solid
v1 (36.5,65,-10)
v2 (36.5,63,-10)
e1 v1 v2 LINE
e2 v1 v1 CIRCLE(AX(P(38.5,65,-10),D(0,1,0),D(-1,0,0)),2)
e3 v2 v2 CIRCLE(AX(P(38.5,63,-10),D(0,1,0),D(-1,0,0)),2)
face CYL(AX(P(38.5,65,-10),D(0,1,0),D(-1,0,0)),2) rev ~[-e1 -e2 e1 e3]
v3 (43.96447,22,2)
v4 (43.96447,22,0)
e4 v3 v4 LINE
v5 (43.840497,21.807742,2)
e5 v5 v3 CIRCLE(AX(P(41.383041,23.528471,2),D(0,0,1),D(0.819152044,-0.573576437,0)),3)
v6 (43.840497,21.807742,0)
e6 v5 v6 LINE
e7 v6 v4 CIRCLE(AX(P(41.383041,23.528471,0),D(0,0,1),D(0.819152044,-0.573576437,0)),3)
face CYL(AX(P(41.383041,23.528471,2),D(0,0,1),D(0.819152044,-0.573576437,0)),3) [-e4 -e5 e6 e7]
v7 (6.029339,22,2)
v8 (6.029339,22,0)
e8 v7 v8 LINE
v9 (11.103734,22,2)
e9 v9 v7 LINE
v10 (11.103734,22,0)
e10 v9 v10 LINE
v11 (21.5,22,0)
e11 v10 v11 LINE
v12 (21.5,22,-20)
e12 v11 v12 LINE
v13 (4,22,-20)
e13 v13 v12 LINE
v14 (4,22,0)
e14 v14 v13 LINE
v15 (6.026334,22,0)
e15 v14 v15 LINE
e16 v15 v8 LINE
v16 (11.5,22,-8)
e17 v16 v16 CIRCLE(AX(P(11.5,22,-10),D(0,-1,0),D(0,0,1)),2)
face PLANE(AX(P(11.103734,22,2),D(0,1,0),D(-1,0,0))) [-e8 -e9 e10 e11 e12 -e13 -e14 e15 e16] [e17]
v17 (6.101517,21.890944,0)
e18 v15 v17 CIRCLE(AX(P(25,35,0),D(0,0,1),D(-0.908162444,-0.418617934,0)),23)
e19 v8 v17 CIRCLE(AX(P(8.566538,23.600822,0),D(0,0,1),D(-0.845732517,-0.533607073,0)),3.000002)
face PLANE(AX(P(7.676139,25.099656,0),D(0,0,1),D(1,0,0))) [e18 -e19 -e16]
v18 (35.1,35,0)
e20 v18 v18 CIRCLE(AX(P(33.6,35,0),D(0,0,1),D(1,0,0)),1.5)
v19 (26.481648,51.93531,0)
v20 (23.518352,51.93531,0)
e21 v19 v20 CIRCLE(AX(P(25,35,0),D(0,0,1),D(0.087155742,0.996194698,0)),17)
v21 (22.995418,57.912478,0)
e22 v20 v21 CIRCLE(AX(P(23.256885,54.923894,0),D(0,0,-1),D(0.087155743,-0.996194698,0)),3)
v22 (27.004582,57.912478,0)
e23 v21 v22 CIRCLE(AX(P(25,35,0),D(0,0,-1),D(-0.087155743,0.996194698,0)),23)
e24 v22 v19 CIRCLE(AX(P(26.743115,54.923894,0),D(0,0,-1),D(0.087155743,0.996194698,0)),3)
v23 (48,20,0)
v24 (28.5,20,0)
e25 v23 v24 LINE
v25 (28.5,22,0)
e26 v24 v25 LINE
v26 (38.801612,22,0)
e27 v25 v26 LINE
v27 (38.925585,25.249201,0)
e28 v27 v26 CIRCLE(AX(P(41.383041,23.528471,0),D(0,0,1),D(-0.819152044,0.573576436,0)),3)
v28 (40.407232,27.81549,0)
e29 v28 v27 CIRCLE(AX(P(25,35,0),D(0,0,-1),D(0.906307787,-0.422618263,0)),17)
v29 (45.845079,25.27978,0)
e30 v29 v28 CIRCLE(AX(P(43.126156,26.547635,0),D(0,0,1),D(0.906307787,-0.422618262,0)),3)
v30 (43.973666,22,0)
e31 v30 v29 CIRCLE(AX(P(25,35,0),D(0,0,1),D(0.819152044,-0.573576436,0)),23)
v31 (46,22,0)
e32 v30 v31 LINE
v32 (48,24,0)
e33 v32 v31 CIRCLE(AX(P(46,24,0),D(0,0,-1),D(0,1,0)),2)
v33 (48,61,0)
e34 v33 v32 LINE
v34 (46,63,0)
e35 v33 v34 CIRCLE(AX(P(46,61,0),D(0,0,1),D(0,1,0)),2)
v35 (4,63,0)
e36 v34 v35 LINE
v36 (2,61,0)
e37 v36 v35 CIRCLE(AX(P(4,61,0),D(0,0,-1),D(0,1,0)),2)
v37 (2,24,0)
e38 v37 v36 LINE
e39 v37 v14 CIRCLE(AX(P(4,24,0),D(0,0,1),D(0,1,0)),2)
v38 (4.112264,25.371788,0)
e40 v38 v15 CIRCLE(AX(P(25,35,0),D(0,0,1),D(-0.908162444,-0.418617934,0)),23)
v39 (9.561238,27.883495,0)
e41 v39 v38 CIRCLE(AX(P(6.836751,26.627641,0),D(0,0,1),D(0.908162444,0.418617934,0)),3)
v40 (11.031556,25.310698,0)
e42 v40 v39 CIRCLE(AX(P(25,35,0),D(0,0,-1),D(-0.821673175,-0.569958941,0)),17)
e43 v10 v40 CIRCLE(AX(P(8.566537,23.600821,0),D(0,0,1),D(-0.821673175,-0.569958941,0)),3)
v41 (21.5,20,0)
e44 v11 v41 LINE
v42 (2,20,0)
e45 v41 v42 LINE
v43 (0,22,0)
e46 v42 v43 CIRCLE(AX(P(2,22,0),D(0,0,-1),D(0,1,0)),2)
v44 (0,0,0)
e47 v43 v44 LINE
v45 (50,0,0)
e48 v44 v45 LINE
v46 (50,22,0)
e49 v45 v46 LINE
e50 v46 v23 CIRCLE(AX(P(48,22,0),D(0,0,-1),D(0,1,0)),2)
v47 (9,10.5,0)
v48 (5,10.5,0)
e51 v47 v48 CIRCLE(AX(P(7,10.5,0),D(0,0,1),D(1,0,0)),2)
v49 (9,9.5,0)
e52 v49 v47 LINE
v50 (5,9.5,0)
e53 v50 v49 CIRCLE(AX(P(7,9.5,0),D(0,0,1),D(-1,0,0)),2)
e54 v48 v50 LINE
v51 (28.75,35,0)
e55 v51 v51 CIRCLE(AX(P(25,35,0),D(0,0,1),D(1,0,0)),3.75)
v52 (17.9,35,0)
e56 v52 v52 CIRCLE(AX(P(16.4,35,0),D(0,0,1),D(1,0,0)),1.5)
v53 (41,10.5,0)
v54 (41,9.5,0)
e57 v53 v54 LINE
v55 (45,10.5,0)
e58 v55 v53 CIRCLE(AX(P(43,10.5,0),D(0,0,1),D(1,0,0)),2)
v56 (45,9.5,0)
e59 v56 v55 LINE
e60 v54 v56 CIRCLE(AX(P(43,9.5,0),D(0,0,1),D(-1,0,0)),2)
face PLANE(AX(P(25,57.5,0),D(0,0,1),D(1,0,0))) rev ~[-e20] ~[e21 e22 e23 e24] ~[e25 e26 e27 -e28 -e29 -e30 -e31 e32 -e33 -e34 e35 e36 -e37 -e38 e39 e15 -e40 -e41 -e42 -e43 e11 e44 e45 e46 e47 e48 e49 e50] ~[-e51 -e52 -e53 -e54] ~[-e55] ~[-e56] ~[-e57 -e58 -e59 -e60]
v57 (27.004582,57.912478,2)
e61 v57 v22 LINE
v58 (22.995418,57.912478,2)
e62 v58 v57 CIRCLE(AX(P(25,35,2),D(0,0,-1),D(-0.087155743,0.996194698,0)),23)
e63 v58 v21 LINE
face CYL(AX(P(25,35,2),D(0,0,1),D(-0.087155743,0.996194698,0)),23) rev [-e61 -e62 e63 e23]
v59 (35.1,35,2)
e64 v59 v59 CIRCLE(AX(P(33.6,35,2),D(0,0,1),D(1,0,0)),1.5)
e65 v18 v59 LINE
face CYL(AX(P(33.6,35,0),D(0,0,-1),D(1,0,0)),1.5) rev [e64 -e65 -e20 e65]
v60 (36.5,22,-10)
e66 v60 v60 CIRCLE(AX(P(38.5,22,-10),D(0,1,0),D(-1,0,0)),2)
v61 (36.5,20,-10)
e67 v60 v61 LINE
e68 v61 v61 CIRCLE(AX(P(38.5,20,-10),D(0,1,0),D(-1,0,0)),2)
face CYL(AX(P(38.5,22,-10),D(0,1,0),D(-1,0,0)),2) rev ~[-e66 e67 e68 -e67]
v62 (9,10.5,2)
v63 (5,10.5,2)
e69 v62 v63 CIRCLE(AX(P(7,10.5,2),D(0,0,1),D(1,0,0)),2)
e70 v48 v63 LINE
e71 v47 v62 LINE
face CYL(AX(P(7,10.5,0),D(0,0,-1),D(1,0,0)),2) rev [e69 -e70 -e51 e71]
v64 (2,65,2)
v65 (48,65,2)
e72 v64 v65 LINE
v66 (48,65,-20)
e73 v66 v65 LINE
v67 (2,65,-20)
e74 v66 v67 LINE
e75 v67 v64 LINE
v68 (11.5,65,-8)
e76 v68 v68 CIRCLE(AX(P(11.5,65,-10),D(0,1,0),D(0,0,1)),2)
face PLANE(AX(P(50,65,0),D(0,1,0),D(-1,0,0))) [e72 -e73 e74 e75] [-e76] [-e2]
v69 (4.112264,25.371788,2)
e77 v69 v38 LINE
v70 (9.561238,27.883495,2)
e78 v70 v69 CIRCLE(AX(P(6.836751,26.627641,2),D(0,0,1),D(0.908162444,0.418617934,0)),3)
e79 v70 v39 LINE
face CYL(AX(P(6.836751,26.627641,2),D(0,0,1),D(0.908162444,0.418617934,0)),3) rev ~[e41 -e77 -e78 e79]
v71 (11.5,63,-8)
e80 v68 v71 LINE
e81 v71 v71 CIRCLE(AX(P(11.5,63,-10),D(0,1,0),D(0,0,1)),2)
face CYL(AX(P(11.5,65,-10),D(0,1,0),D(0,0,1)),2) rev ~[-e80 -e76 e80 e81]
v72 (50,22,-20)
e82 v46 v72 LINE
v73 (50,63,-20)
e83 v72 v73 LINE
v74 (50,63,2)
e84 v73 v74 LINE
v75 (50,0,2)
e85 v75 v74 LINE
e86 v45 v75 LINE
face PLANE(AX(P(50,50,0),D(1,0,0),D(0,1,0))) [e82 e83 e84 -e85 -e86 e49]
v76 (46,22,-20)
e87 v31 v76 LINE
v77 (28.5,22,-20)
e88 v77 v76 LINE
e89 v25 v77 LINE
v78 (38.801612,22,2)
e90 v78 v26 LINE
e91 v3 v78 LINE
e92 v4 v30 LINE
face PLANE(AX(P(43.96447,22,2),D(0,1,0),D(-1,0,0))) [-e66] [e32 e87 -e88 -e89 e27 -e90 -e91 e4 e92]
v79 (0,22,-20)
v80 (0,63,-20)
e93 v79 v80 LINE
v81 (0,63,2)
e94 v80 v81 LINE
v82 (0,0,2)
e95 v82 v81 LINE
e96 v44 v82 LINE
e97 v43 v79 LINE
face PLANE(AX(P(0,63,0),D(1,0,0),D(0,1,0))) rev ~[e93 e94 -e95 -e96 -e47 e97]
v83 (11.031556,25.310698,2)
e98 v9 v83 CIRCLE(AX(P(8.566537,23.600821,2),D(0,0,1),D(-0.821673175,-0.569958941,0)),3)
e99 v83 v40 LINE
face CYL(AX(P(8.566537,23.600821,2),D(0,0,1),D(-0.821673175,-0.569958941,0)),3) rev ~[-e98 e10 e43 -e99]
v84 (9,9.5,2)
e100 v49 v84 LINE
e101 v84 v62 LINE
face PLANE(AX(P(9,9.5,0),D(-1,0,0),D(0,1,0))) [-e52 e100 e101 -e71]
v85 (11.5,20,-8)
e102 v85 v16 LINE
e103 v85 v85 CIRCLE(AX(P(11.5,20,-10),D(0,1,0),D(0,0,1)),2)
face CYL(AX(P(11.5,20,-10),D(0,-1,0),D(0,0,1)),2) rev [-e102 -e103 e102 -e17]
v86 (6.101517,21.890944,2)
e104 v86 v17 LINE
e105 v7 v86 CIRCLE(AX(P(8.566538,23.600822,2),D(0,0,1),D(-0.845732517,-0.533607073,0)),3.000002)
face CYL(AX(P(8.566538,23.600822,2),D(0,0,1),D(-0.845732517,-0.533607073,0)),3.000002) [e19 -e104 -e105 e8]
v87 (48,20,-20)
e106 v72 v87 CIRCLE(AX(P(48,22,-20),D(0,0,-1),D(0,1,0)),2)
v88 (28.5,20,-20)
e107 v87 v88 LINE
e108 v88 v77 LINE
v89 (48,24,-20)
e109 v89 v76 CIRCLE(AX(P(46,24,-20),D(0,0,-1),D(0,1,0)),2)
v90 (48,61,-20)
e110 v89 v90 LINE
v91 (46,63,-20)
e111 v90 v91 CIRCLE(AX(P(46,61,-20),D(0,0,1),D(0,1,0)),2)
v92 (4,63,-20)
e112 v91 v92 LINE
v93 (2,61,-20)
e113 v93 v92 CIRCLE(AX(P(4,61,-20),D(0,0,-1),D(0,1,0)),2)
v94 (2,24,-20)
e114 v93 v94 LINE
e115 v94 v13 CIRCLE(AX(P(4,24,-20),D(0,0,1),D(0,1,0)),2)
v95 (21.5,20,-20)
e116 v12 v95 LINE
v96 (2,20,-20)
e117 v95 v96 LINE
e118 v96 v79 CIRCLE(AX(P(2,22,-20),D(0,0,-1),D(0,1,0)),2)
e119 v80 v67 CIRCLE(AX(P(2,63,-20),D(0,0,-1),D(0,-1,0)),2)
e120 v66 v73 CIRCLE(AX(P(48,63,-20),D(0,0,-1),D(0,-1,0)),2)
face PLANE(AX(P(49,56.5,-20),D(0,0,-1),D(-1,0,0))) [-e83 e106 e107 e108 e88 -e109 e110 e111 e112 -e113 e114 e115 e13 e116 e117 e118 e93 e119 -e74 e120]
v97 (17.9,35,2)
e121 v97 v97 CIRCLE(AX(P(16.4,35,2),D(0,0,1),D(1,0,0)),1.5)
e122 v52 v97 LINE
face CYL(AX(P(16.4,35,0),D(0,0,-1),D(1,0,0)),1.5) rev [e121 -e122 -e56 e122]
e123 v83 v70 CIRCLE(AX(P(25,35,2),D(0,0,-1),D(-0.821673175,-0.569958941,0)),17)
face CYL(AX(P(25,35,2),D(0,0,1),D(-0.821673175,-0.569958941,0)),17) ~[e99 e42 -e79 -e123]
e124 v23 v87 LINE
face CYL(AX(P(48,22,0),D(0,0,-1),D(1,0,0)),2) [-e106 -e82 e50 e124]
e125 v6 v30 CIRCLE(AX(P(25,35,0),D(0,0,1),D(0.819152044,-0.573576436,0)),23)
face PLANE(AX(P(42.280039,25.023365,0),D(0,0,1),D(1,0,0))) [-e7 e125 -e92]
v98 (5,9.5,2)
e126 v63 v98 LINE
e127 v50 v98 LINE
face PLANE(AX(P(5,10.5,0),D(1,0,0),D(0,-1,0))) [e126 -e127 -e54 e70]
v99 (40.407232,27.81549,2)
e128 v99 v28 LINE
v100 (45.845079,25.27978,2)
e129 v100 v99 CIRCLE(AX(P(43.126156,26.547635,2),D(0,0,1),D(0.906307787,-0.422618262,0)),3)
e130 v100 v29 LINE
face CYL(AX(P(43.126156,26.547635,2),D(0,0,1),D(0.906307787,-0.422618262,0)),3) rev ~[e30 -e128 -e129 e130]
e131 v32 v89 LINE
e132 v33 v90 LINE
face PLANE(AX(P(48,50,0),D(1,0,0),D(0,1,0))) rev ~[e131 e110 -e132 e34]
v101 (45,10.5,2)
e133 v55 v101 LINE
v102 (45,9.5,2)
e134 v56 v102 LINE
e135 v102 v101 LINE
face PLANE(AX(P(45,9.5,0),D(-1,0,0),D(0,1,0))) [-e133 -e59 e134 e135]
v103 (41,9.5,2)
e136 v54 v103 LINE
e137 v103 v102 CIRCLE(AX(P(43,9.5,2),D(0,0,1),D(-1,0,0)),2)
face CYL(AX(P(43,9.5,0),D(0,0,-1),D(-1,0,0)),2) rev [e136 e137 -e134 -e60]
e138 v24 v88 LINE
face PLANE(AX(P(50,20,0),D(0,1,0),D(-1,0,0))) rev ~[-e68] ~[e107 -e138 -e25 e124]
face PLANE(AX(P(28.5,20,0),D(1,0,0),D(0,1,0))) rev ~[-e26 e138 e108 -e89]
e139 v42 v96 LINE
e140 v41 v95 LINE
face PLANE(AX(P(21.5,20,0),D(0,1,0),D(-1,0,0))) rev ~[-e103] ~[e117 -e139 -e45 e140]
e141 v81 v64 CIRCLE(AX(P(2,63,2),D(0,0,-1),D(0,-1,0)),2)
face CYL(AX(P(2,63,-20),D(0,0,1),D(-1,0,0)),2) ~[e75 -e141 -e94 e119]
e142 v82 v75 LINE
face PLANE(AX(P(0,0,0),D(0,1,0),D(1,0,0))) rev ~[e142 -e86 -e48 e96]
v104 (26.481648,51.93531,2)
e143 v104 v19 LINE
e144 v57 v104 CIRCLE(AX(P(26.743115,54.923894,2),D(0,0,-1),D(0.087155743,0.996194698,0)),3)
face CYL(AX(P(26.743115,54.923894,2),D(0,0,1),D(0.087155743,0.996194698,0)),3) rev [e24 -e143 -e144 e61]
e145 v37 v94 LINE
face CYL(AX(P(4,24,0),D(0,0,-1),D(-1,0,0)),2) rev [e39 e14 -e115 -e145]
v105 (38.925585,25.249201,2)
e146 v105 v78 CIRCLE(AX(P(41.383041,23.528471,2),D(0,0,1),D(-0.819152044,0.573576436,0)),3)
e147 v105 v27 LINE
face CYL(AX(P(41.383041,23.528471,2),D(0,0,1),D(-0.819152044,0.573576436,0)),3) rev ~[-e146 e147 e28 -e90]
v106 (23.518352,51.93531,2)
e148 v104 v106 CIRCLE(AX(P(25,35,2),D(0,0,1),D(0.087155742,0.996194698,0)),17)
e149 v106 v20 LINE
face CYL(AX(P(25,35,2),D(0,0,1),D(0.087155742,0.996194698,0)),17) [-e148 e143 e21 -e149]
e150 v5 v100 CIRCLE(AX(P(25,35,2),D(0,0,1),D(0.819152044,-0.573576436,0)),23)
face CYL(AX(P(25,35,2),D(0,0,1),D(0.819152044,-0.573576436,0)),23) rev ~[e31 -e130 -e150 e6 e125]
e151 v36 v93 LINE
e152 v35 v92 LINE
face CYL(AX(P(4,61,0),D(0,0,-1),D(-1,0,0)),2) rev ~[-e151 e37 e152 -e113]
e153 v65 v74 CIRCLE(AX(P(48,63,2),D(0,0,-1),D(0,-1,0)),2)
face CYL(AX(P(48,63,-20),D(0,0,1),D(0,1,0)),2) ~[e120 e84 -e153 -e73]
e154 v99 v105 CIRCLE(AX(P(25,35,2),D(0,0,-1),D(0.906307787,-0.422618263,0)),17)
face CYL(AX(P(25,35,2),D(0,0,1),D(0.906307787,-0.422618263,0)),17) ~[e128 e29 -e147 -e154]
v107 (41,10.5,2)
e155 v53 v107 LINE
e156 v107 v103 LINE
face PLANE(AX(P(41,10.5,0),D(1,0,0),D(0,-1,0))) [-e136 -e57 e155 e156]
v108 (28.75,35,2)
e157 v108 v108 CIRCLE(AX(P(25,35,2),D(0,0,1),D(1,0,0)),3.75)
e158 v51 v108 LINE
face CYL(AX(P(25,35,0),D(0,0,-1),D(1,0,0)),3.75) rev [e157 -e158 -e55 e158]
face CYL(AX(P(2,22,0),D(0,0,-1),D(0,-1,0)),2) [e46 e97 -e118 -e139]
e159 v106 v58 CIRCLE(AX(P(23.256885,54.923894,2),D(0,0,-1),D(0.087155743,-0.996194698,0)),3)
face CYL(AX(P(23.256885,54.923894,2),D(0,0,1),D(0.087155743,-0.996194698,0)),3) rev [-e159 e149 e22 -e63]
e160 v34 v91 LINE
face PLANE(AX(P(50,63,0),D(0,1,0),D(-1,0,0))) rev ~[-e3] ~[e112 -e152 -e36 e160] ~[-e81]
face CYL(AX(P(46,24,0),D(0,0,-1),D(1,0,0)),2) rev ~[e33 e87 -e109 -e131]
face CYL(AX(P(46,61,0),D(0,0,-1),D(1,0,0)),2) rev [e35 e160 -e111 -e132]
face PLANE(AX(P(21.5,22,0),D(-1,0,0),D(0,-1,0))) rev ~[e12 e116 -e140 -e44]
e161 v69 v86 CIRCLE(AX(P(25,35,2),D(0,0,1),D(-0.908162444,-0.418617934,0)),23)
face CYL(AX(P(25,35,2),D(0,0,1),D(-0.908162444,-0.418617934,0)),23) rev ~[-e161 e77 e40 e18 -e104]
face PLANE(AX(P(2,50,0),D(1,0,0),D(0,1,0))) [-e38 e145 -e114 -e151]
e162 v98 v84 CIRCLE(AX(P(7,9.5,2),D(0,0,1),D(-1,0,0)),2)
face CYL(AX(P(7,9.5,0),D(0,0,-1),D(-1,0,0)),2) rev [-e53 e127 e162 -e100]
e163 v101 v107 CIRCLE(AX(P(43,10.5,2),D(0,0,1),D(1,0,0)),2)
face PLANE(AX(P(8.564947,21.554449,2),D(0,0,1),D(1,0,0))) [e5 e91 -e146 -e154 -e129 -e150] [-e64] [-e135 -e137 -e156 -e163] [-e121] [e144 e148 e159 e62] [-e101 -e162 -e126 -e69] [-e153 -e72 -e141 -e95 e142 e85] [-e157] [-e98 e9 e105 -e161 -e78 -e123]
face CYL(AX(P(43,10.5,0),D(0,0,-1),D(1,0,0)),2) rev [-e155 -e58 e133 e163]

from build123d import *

# Parameters (mm, degrees)
SKETCH9_W               = 50
SKETCH9_H               = 50
SKETCH9_R               = 3.75
SKETCH9_R_2             = 1.5
BOSS_EXTRUDE2_DEPTH     = 2
BOSS_EXTRUDE3_DEPTH     = 20
SKETCH12_R              = 2
CUT_EXTRUDE1_DEPTH      = 2
CUT_EXTRUDE2_DEPTH      = 50
CUT_EXTRUDE2_DEPTH_BACK = 2
SKETCH13_R              = 2
SKETCH15_W              = 50
SKETCH15_H              = 15
BOSS_EXTRUDE4_DEPTH     = 2
CUT_EXTRUDE4_DEPTH      = 2
BOSS_EXTRUDE7_START     = 2
BOSS_EXTRUDE7_DEPTH     = 2
BOSS_EXTRUDE8_START     = 2
BOSS_EXTRUDE8_DEPTH     = 2
SKETCH17_W              = 50
SKETCH17_H              = 2
BOSS_EXTRUDE5_DEPTH     = 20
SKETCH19_R              = 2
CUT_EXTRUDE5_DEPTH      = 49
SKETCH20_W              = 2
SKETCH20_H              = 13
BOSS_EXTRUDE6_DEPTH     = 20
FILLET2_R               = 2
FILLET3_R               = 2
FILLET5_R               = 2
FILLET6_R               = 2
FILLET7_R               = 2
FILLET8_R               = 2
FILLET9_R               = 2
FILLET10_R              = 2


with BuildPart() as part:
    # Sketch9 → Boss-Extrude2 (new body)
    with BuildSketch(Plane.XY):
        with Locations((25, 25)):
            Rectangle(SKETCH9_W, SKETCH9_H)
        with Locations((25, 35)):
            Circle(SKETCH9_R, mode=Mode.SUBTRACT)
        with Locations((16.4, 35)):
            Circle(SKETCH9_R_2, mode=Mode.SUBTRACT)
        with Locations((33.6, 35)):
            Circle(SKETCH9_R_2, mode=Mode.SUBTRACT)
        with BuildLine():
            Line((9, 9.5), (9, 10.5))
            ThreePointArc((9, 10.5), (7, 12.5), (5, 10.5))
            Line((5, 10.5), (5, 9.5))
            ThreePointArc((5, 9.5), (7, 7.5), (9, 9.5))
        make_face(mode=Mode.SUBTRACT)
        with BuildLine():
            Line((45, 9.5), (45, 10.5))
            ThreePointArc((45, 10.5), (43, 12.5), (41, 10.5))
            Line((41, 10.5), (41, 9.5))
            ThreePointArc((41, 9.5), (43, 7.5), (45, 9.5))
        make_face(mode=Mode.SUBTRACT)
    extrude(amount=BOSS_EXTRUDE2_DEPTH)

    # Sketch11 → Boss-Extrude3 (add)
    with BuildSketch(Plane(origin=(0, 0, 0), x_dir=(-1, 0, 0), z_dir=(0, 0, -1))):
        Polygon((-48, 22), (-48, 50), (-50, 50), (-50, 20), (-28.5, 20), (-28.5, 22), align=None)
        Polygon((-7, 20), (0, 20), (0, 50), (-2, 50), (-2, 22), (-21.5, 22), (-21.5, 20), align=None)
    extrude(amount=BOSS_EXTRUDE3_DEPTH)

    # Sketch12 → Cut-Extrude1 (cut)
    with BuildSketch(Plane(origin=(0, 22, 0), x_dir=(1, 0, 0), z_dir=(0, 1, 0))):
        with Locations(Location((38.5, 10, 0), (0, 0, 180))):
            Circle(SKETCH12_R)
    extrude(amount=-CUT_EXTRUDE1_DEPTH, mode=Mode.SUBTRACT)

    # Sketch13 → Cut-Extrude2 (cut, two sides: drawn at the far end of the back side and taken through both)
    with BuildSketch(Plane(origin=(0, 22, 0), x_dir=(1, 0, 0), z_dir=(0, 1, 0)).offset(-CUT_EXTRUDE2_DEPTH_BACK)):
        with Locations(Location((11.5, 10, 0), (0, 0, 270))):
            Circle(SKETCH13_R)
    extrude(amount=CUT_EXTRUDE2_DEPTH + CUT_EXTRUDE2_DEPTH_BACK, mode=Mode.SUBTRACT)

    # Sketch15 → Boss-Extrude4 (add)
    with BuildSketch(Plane.XY.offset(2)):
        with Locations((25, 57.5)):
            Rectangle(SKETCH15_W, SKETCH15_H)
        with BuildLine():
            ThreePointArc((27.004582083, 57.912478056), (29.731698949, 54.662426734), (26.481647627, 51.935309868))
            ThreePointArc((26.481647627, 51.935309868), (25, 52), (23.518352373, 51.935309868))
            ThreePointArc((23.518352373, 51.935309868), (20.268301051, 54.662426734), (22.995417917, 57.912478056))
            ThreePointArc((22.995417917, 57.912478056), (25, 58), (27.004582083, 57.912478056))
        make_face(mode=Mode.SUBTRACT)
    extrude(amount=-BOSS_EXTRUDE4_DEPTH)

    # Sketch15<3> → Cut-Extrude4 (cut)
    with BuildSketch(Plane.XY.offset(2)):
        with BuildLine():
            ThreePointArc((6.101516985, 21.890944362), (10.276413331, 21.13580166), (11.031556032, 25.310698007))
            ThreePointArc((11.031556032, 25.310698007), (10.240231867, 26.564998835), (9.561238449, 27.883495115))
            ThreePointArc((9.561238449, 27.883495115), (5.580897313, 29.352128645), (4.112263784, 25.371787509))
            ThreePointArc((4.112263784, 25.371787509), (5.030901937, 23.5879396), (6.101516985, 21.890944362))
        make_face()
        with BuildLine():
            ThreePointArc((38.925584753, 25.249200582), (39.662311577, 21.07101514), (43.840497019, 21.807741964))
            ThreePointArc((43.840497019, 21.807741964), (44.918584287, 23.5), (45.845079102, 25.27977998))
            ThreePointArc((45.845079102, 25.27977998), (44.394010526, 29.266558126), (40.40723238, 27.81548955))
            ThreePointArc((40.40723238, 27.81548955), (39.722431864, 26.5), (38.925584753, 25.249200582))
        make_face()
    extrude(amount=-CUT_EXTRUDE4_DEPTH, mode=Mode.SUBTRACT)

    # Sketch21 → Boss-Extrude7 (add)
    with BuildSketch(Plane.XY.offset(BOSS_EXTRUDE7_START)):
        with BuildLine():
            Line((43.964469864, 22), (38.801611908, 22))
            ThreePointArc((38.801611908, 22), (41.268659486, 20.530652583), (43.840497019, 21.807741964))
            ThreePointArc((43.840497019, 21.807741964), (43.90431667, 21.90268887), (43.964469864, 22))
        make_face()
    extrude(amount=-BOSS_EXTRUDE7_DEPTH)

    # Sketch24 → Boss-Extrude8 (add)
    with BuildSketch(Plane.XY.offset(BOSS_EXTRUDE8_START)):
        with BuildLine():
            ThreePointArc((6.101516985, 21.890944362), (8.631925352, 20.601533886), (11.103734084, 22))
            Line((11.103734084, 22), (6.029338933, 22))
            ThreePointArc((6.029338933, 22), (6.064833637, 21.945078831), (6.101516985, 21.890944362))
        make_face()
    extrude(amount=-BOSS_EXTRUDE8_DEPTH)

    # Sketch17 → Boss-Extrude5 (add)
    with BuildSketch(Plane(origin=(0, 0, 0), x_dir=(-1, 0, 0), z_dir=(0, 0, -1))):
        with Locations((-25, 64)):
            Rectangle(SKETCH17_W, SKETCH17_H)
    extrude(amount=BOSS_EXTRUDE5_DEPTH)

    # Sketch19 → Cut-Extrude5 (cut)
    with BuildSketch(Plane(origin=(0, 65, 0), x_dir=(1, 0, 0), z_dir=(0, 1, 0))):
        with Locations(Location((38.5, 10, 0), (0, 0, 180))):
            Circle(SKETCH19_R)
        with Locations(Location((11.5, 10, 0), (0, 0, 270))):
            Circle(SKETCH19_R)
    extrude(amount=-CUT_EXTRUDE5_DEPTH, mode=Mode.SUBTRACT)

    # Sketch20 → Boss-Extrude6 (add)
    with BuildSketch(Plane(origin=(0, 0, 0), x_dir=(-1, 0, 0), z_dir=(0, 0, -1))):
        with Locations((-49, 56.5)):
            Rectangle(SKETCH20_W, SKETCH20_H)
        with Locations((-1, 56.5)):
            Rectangle(SKETCH20_W, SKETCH20_H)
    extrude(amount=BOSS_EXTRUDE6_DEPTH)

    # Fillet2
    fillet2_edges = [part.edges().sort_by_distance(p)[0] for p in [
        (0, 65, -9),
    ]]
    fillet(fillet2_edges, radius=FILLET2_R)

    # Fillet3
    fillet3_edges = [part.edges().sort_by_distance(p)[0] for p in [
        (50, 65, -9),
    ]]
    fillet(fillet3_edges, radius=FILLET3_R)

    # Fillet5
    fillet5_edges = [part.edges().sort_by_distance(p)[0] for p in [
        (50, 20, -10),
    ]]
    fillet(fillet5_edges, radius=FILLET5_R)

    # Fillet6
    fillet6_edges = [part.edges().sort_by_distance(p)[0] for p in [
        (0, 20, -10),
    ]]
    fillet(fillet6_edges, radius=FILLET6_R)

    # Fillet7
    fillet7_edges = [part.edges().sort_by_distance(p)[0] for p in [
        (48, 63, -10),
    ]]
    fillet(fillet7_edges, radius=FILLET7_R)

    # Fillet8
    fillet8_edges = [part.edges().sort_by_distance(p)[0] for p in [
        (2, 22, -10),
    ]]
    fillet(fillet8_edges, radius=FILLET8_R)

    # Fillet9
    fillet9_edges = [part.edges().sort_by_distance(p)[0] for p in [
        (2, 63, -10),
    ]]
    fillet(fillet9_edges, radius=FILLET9_R)

    # Fillet10
    fillet10_edges = [part.edges().sort_by_distance(p)[0] for p in [
        (48, 22, -10),
    ]]
    fillet(fillet10_edges, radius=FILLET10_R)


solid = part.part
